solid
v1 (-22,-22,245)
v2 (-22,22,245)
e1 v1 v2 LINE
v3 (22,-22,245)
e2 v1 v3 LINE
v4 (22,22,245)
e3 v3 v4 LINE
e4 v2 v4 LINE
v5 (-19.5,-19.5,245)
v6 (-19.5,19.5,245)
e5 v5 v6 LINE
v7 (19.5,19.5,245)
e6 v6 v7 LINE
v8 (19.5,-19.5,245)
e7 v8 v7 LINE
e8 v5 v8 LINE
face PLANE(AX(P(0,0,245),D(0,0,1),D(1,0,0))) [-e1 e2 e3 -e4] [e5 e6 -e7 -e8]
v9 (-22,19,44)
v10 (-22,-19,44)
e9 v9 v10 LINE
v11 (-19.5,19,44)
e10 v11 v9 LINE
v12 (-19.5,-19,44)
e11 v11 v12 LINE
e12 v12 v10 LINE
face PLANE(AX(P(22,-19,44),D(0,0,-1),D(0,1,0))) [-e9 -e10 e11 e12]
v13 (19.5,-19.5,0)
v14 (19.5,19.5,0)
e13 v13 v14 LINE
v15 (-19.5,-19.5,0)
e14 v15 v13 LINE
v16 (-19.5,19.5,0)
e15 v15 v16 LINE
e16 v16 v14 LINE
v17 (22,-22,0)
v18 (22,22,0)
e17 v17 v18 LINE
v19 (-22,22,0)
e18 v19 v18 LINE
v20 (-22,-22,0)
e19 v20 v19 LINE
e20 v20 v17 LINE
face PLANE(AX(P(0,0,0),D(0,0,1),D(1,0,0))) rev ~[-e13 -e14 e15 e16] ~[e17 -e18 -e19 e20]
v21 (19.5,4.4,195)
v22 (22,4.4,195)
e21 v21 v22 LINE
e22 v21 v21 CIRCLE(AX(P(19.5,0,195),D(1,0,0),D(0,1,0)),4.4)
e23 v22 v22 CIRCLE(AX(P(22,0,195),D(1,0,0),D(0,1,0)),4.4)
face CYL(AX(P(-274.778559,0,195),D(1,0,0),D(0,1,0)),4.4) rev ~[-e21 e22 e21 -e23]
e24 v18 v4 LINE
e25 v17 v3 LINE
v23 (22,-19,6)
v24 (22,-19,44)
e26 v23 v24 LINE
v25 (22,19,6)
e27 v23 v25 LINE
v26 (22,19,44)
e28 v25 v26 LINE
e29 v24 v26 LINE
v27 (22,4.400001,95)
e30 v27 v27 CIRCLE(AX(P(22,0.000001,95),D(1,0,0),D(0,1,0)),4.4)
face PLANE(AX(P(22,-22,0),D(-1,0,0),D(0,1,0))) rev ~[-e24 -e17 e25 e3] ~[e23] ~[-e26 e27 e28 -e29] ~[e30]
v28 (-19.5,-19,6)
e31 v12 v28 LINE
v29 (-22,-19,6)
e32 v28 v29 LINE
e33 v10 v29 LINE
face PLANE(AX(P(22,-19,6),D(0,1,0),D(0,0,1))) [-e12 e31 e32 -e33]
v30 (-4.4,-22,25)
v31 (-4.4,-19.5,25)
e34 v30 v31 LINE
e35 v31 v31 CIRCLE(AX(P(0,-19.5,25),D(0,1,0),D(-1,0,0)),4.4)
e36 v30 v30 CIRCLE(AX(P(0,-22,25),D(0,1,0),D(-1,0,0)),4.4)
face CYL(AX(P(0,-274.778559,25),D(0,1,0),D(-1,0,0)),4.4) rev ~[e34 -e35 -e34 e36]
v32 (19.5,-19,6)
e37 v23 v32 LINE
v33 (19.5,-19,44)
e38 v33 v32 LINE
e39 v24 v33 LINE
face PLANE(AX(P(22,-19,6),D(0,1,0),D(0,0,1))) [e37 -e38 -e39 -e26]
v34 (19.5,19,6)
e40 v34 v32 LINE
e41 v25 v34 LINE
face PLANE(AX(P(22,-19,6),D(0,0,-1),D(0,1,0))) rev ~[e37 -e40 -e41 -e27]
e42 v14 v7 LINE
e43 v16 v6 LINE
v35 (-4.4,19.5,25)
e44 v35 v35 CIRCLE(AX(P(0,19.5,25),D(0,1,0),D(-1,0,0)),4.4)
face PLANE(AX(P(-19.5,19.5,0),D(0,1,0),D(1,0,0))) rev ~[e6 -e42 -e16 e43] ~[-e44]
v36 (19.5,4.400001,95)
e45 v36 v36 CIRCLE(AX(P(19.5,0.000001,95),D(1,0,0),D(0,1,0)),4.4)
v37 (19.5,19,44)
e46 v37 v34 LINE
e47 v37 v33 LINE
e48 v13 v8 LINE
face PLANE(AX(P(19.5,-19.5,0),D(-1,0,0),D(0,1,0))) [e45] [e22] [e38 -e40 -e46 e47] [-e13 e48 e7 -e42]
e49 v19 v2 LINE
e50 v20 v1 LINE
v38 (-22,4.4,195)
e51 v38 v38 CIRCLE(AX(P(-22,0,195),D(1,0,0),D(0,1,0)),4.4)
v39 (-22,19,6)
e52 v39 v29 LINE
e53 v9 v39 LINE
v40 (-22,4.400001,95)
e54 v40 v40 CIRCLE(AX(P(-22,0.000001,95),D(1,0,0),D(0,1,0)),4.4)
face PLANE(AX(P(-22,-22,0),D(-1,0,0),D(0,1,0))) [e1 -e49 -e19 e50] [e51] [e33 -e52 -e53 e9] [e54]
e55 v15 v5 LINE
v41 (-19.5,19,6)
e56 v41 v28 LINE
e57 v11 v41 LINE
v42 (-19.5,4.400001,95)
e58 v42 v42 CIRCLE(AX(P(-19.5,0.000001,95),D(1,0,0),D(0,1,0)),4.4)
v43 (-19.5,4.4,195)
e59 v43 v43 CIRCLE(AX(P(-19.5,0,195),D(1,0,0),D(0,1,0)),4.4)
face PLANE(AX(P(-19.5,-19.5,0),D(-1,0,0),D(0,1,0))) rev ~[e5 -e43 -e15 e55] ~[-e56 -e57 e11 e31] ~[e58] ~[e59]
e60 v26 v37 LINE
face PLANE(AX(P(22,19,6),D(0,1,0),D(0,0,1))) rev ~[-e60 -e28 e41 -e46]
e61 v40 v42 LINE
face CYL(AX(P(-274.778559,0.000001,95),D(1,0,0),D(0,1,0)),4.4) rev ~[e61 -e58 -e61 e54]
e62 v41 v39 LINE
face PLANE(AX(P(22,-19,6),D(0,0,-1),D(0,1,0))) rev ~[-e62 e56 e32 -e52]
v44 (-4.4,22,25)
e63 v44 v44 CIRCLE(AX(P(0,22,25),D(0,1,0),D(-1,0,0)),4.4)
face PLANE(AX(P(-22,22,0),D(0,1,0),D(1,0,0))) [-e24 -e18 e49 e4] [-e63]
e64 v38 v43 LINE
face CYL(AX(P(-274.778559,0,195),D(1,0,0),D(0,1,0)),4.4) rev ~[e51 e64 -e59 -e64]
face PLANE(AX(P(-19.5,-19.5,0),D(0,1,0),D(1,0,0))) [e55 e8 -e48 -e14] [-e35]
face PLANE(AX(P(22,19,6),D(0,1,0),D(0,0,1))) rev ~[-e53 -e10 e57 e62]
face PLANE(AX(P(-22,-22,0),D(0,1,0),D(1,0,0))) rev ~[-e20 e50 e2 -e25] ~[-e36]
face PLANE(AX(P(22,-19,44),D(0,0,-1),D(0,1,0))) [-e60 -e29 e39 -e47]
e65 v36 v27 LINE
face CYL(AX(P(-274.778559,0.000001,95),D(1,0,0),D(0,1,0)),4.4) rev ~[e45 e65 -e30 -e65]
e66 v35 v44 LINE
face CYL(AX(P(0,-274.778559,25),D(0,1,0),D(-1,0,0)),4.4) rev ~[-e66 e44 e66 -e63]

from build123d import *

# Parameters (mm, degrees)
F0_W     = 44
F0_H     = 44
F0_W_2   = 39
F0_H_2   = 39
F1_DEPTH = 245
F3_D     = 8.8
F4_W     = 38
F4_H     = 38
F5_DEPTH = 44.001
F7_D     = 8.8


with BuildPart() as f1:
    # F0 (on Top) → F1 (new body)
    with BuildSketch(Plane.XY):
        Rectangle(F0_W, F0_H)
        Rectangle(F0_W_2, F0_H_2, mode=Mode.SUBTRACT)
    extrude(amount=F1_DEPTH)

    # F3 (through all)
    with Locations(Plane(origin=(-22, 0, 0), x_dir=(0, -1, 0), z_dir=(-1, 0, 0))):
        with Locations((0, 195), (-1.2203e-06, 95)):
            Hole(F3_D / 2)

    # F4 (on face) → F5 (cut, through all)
    with BuildSketch(Plane.YZ.offset(22)):
        with Locations((0, 25)):
            Rectangle(F4_W, F4_H)
    extrude(amount=-F5_DEPTH, mode=Mode.SUBTRACT)

    # F7 (through all)
    with Locations(Plane.XZ.offset(22)):
        with Locations((0, 25)):
            Hole(F7_D / 2)


solid = f1.part
